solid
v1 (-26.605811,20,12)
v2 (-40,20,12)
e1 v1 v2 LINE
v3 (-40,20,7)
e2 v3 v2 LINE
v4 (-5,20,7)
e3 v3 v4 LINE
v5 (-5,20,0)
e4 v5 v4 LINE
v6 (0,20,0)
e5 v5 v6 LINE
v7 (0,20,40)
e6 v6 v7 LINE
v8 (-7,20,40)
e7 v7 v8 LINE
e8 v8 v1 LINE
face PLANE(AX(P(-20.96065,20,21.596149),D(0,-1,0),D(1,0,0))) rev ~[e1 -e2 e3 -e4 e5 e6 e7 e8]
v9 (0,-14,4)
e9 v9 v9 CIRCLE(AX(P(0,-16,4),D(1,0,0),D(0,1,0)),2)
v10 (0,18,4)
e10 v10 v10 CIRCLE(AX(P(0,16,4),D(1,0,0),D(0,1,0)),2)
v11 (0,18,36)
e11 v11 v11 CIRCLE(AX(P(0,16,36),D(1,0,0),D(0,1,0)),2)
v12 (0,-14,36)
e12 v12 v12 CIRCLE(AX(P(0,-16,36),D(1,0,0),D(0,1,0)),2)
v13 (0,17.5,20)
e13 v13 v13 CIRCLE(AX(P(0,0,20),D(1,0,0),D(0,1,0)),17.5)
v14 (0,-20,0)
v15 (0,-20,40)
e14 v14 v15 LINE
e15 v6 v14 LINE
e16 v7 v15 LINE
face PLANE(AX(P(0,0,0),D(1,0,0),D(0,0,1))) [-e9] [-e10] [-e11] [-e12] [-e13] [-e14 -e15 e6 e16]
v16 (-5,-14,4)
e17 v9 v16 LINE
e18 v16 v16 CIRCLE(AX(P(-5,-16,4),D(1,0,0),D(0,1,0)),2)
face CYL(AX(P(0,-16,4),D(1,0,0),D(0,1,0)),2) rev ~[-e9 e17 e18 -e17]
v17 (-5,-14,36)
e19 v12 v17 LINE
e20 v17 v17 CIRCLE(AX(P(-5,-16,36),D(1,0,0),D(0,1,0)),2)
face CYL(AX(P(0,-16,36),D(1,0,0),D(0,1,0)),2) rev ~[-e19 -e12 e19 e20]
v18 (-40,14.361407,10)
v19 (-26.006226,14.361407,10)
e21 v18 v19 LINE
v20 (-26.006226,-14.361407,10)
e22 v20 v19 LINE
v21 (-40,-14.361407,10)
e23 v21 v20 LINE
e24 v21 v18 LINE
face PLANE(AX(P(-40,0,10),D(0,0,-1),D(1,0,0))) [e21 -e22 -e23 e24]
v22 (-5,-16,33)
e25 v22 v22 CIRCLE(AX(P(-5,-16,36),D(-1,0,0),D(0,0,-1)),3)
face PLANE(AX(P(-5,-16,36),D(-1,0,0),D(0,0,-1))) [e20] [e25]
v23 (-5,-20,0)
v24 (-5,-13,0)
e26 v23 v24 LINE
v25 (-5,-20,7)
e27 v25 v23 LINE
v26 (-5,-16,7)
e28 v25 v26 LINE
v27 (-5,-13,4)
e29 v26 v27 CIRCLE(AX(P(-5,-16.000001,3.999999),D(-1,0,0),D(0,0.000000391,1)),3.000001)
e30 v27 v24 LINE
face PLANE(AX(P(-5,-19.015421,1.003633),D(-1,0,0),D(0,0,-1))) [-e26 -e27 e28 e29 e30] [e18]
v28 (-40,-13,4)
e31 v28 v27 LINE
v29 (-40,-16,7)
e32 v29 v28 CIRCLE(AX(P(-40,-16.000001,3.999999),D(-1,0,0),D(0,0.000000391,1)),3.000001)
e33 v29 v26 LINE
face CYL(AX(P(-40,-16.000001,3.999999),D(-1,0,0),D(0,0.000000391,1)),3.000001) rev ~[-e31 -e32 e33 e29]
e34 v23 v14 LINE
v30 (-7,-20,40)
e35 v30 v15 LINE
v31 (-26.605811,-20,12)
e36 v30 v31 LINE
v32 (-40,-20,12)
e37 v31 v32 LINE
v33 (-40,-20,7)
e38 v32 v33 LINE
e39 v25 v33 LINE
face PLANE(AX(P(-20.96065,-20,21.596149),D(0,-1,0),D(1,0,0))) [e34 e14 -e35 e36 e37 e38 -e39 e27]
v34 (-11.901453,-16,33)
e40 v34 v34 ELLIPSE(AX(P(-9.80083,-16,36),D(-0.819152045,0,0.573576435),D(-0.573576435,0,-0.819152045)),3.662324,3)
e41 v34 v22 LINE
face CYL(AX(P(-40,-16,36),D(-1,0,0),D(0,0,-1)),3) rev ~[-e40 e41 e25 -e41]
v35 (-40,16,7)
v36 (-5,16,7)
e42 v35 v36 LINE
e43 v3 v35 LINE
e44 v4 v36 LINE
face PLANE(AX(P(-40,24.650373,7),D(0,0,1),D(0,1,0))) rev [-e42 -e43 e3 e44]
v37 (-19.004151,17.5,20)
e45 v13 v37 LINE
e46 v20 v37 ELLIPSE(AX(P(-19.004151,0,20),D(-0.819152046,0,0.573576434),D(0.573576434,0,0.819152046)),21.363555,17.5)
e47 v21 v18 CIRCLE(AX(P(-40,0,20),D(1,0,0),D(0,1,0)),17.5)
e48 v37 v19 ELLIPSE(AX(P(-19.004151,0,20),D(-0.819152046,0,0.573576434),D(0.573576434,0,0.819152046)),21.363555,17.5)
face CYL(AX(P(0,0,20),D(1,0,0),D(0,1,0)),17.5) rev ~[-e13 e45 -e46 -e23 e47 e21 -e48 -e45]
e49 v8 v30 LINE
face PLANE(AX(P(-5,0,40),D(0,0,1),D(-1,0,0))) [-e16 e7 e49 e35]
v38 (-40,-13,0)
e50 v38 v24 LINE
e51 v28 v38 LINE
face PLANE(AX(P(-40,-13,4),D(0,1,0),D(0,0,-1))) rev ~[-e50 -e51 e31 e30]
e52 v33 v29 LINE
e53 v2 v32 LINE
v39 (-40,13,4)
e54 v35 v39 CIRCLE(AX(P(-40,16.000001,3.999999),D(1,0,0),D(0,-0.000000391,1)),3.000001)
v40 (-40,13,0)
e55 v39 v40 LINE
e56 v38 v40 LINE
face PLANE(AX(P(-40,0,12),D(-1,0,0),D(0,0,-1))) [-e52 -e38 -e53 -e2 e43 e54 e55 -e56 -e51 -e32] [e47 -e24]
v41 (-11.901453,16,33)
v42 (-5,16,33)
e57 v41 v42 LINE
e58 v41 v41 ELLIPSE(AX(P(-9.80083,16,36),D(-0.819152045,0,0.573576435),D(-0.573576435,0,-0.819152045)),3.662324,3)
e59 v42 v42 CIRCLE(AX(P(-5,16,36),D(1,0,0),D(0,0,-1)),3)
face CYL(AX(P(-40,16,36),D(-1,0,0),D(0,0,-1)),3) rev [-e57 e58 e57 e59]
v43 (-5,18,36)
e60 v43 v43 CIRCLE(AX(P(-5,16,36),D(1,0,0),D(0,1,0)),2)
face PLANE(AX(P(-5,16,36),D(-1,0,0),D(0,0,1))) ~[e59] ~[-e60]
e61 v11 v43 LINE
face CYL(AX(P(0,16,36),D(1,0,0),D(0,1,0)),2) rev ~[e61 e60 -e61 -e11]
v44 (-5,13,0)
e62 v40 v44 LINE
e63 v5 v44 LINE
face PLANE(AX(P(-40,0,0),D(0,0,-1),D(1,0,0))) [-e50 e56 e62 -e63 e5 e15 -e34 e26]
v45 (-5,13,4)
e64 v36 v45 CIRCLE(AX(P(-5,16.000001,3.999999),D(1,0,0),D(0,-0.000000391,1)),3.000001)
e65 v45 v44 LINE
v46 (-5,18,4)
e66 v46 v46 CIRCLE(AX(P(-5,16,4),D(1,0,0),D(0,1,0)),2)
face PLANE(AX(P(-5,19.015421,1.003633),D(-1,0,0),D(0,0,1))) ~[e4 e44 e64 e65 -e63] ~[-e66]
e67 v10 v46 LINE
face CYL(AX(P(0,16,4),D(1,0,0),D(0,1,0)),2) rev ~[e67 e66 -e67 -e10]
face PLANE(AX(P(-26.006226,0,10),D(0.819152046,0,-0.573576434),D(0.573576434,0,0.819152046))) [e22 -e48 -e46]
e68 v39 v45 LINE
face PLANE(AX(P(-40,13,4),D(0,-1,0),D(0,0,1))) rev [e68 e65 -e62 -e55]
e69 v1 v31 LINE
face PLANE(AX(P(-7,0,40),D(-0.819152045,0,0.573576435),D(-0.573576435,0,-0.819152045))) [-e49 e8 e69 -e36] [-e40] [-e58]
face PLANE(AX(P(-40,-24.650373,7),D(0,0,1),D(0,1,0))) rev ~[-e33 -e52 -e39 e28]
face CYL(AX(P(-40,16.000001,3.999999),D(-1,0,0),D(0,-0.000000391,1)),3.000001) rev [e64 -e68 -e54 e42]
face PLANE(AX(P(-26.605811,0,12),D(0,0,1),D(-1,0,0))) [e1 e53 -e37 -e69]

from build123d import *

# Parameters (mm, degrees)
PAD_DEPTH       = 20
SKETCH001_R     = 17.5
POCKET_DEPTH    = 40.001
PAD001_DEPTH    = 20
SKETCH003_R     = 3
POCKET001_DEPTH = 35
SKETCH004_R     = 2
POCKET002_DEPTH = 40.001


with BuildPart() as part:
    # Sketch → Pad (new body, symmetric)
    with BuildSketch(Plane.XZ):
        Polygon((-40, 0), (0, 0), (0, 40), (-5, 40), (-26.006226, 10), (-40, 10), align=None)
    extrude(amount=PAD_DEPTH, both=True)

    # Sketch001 → Pocket (cut, through all)
    with BuildSketch(Plane.YZ):
        with Locations((0, 20)):
            Circle(SKETCH001_R)
    extrude(amount=-POCKET_DEPTH, mode=Mode.SUBTRACT)

    # Sketch002 → Pad001 (join, symmetric)
    with BuildSketch(Plane.XZ):
        Polygon((-5, 40), (-7, 40), (-26.605811, 12), (-40, 12), (-40, 10), (-26.006226, 10), align=None)
    extrude(amount=PAD001_DEPTH, both=True)

    # Sketch003 (on Face6 of Pad001) → Pocket001 (cut)
    with BuildSketch(Plane(origin=(-40, 0, 0), x_dir=(0, 0, -1), z_dir=(-1, 0, 0))):
        with Locations((-36, 16)):
            Circle(SKETCH003_R)
        with BuildLine():
            Line((-4, 13), (4.613364, 13))
            Line((4.613364, 13), (4.613364, 24.650373))
            Line((4.613364, 24.650373), (-7, 24.650373))
            Line((-7, 24.650373), (-7, 16))
            ThreePointArc((-7, 16), (-6.12132, 13.87868), (-4, 13))
        make_face()
    pocket001 = extrude(amount=-POCKET001_DEPTH, mode=Mode.SUBTRACT)

    # Mirrored: Pocket001 across XZ
    add(pocket001.mirror(Plane.XZ), mode=Mode.SUBTRACT)

    # Sketch004 → Pocket002 (cut, through all)
    with BuildSketch(Plane.YZ):
        with Locations((16, 36)):
            Circle(SKETCH004_R)
        with Locations((16, 4)):
            Circle(SKETCH004_R)
        with Locations((-16, 4)):
            Circle(SKETCH004_R)
        with Locations((-16, 36)):
            Circle(SKETCH004_R)
    extrude(amount=-POCKET002_DEPTH, mode=Mode.SUBTRACT)


solid = part.part
